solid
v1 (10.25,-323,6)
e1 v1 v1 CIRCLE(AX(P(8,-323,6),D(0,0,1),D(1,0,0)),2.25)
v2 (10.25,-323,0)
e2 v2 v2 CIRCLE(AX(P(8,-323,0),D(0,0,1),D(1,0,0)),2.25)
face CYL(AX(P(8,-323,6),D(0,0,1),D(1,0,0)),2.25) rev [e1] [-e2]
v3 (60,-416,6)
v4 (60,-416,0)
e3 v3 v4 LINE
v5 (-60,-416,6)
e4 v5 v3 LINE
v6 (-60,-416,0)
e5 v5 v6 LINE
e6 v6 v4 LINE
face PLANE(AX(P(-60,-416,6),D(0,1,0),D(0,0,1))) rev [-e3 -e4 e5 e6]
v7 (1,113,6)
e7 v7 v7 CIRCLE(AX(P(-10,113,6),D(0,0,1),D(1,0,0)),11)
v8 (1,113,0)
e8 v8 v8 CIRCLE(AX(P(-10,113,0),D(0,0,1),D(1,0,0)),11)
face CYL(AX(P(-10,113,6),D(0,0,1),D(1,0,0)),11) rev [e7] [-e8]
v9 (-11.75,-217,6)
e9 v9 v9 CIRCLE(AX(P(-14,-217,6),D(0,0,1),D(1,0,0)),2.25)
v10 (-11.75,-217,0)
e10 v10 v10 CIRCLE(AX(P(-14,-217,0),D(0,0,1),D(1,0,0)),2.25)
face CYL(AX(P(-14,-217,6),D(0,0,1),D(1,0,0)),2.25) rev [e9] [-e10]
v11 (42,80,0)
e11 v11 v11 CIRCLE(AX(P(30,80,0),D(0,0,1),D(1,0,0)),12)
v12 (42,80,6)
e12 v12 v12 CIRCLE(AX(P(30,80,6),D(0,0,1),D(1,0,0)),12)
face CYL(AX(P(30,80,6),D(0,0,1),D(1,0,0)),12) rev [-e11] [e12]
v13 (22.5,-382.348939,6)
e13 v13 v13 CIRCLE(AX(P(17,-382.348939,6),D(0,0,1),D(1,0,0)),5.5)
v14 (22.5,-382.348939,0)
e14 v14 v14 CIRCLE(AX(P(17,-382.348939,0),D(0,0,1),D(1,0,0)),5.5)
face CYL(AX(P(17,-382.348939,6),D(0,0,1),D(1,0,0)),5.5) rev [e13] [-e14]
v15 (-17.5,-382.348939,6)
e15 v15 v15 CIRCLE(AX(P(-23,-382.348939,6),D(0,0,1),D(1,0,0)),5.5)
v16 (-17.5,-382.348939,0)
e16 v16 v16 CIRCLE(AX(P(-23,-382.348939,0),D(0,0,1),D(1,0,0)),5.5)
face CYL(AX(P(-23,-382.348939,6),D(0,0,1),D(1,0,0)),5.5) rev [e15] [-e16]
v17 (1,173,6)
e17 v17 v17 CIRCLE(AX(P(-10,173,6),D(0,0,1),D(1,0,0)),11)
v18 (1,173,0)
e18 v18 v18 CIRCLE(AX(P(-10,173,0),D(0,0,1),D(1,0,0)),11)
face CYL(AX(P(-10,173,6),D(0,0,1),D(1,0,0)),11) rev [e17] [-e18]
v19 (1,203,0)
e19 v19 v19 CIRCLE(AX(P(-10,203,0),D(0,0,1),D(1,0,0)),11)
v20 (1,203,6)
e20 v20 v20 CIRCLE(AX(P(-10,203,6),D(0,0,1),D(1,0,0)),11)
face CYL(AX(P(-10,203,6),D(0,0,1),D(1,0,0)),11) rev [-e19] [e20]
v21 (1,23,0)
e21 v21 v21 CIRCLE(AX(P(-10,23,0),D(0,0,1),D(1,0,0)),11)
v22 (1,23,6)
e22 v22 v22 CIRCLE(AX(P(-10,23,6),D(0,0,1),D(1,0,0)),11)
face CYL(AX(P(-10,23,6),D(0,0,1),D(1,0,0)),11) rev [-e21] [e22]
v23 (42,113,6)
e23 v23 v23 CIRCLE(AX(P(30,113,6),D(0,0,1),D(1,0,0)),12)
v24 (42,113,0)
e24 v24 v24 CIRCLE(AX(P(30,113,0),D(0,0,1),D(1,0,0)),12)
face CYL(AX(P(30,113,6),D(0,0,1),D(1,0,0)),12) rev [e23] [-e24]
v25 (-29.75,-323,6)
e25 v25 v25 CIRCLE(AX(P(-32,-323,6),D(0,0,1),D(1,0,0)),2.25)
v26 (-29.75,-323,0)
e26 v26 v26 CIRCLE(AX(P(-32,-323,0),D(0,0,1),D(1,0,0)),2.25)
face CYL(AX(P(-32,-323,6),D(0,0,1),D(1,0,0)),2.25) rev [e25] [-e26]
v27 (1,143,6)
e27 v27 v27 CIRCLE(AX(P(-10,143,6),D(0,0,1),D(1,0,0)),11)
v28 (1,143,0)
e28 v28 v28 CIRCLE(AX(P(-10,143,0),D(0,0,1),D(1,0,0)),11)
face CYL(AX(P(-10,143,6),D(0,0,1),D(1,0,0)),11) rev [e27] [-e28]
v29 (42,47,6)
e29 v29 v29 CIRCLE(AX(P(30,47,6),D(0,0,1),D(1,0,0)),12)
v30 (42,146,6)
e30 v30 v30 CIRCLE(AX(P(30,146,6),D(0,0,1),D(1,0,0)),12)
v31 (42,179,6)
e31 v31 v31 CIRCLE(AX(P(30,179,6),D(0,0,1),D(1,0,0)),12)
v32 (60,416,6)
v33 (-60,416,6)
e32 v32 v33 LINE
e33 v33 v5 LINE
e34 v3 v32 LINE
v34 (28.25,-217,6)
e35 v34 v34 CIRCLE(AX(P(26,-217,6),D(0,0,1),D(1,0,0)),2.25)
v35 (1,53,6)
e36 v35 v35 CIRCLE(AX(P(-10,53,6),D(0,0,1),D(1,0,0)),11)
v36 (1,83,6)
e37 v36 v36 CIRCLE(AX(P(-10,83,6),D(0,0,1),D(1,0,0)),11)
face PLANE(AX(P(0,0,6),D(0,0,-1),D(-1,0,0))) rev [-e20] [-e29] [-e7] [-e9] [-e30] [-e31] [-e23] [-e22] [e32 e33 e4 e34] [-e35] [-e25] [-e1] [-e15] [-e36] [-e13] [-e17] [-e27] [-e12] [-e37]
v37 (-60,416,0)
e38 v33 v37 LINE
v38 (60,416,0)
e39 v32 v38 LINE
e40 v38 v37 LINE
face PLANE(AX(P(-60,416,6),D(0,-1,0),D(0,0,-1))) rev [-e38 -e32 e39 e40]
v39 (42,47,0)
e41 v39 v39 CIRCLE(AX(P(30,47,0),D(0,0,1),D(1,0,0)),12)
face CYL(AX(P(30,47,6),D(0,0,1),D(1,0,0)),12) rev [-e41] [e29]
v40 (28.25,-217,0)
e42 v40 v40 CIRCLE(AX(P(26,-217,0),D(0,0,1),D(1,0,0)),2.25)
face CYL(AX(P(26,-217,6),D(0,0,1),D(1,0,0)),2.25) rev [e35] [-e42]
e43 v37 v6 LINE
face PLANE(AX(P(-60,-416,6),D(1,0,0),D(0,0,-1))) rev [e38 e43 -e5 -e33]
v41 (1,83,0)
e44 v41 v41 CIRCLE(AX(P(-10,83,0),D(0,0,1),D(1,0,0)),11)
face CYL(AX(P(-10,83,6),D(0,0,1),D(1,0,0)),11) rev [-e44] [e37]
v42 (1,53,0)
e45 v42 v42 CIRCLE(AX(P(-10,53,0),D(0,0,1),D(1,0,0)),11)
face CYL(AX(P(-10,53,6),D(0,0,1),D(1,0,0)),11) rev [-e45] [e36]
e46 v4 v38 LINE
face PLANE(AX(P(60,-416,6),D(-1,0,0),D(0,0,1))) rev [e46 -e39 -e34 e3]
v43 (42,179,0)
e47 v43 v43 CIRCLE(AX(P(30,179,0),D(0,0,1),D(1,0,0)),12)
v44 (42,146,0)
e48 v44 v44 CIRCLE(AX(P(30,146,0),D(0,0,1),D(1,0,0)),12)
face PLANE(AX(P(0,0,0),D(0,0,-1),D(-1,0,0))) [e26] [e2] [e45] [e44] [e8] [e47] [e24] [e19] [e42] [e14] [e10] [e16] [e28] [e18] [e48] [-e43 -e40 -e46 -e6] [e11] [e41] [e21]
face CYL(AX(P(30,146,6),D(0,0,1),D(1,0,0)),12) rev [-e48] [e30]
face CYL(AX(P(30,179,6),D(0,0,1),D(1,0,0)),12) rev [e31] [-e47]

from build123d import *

# Parameters (mm, degrees)
ESQUISSE1_W           = 120
ESQUISSE1_H           = 832
BOSS_EXTRU_1_DEPTH    = 6
M10_CLEARANCE_HOLE1_D = 11
M4_CLEARANCE_HOLE1_D  = 4.5
SKETCH5_R             = 3
CUT_EXTRUDE1_DEPTH    = 10
M20_CLEARANCE_HOLE1_D = 22
M22_CLEARANCE_HOLE1_D = 24
LPATTERN1_COUNT       = 4
LPATTERN1_PITCH       = 30
LPATTERN2_COUNT       = 3
LPATTERN2_PITCH       = 33
LPATTERN3_COUNT       = 3
LPATTERN3_PITCH       = 33
LPATTERN4_COUNT       = 4
LPATTERN4_PITCH       = 30


with BuildPart() as part:
    # Esquisse1 → Boss.-Extru.1 (new body)
    with BuildSketch(Plane.XY):
        Rectangle(ESQUISSE1_W, ESQUISSE1_H)
    extrude(amount=BOSS_EXTRU_1_DEPTH)

    # M10 Clearance Hole1 (through all)
    with Locations(Plane.XY.offset(6)):
        with Locations((17, -382.348938989), (-23, -382.348938989)):
            Hole(M10_CLEARANCE_HOLE1_D / 2)

    # M4 Clearance Hole1 (through all)
    with Locations(Plane.XY.offset(6)):
        with Locations((26, -217), (8, -323), (-32, -323), (-14, -217)):
            Hole(M4_CLEARANCE_HOLE1_D / 2)

    # Sketch5 → Cut-Extrude1 (cut)
    with BuildSketch(Plane.XY.offset(6)):
        with Locations((30, 113)):
            Circle(SKETCH5_R)
        with Locations((-10, 113)):
            Circle(SKETCH5_R)
    extrude(amount=-CUT_EXTRUDE1_DEPTH, mode=Mode.SUBTRACT)

    # M20 Clearance Hole1 (through all)
    with Locations(Plane.XY.offset(6)):
        with Locations((-10, 113)):
            m20_clearance_hole1 = Hole(M20_CLEARANCE_HOLE1_D / 2)

    # M22 Clearance Hole1 (through all)
    with Locations(Plane.XY.offset(6)):
        with Locations((30, 113)):
            m22_clearance_hole1 = Hole(M22_CLEARANCE_HOLE1_D / 2)

    # LPattern1: M20 Clearance Hole1 ×4
    with Locations(*[(0, i * LPATTERN1_PITCH, 0) for i in range(1, LPATTERN1_COUNT)]):
        add(m20_clearance_hole1, mode=Mode.SUBTRACT)

    # LPattern2: M22 Clearance Hole1 ×3
    with Locations(*[(0, i * LPATTERN2_PITCH, 0) for i in range(1, LPATTERN2_COUNT)]):
        add(m22_clearance_hole1, mode=Mode.SUBTRACT)

    # LPattern3: M22 Clearance Hole1 ×3
    with Locations(*[(0, -i * LPATTERN3_PITCH, 0) for i in range(1, LPATTERN3_COUNT)]):
        add(m22_clearance_hole1, mode=Mode.SUBTRACT)

    # LPattern4: M20 Clearance Hole1 ×4
    with Locations(*[(0, -i * LPATTERN4_PITCH, 0) for i in range(1, LPATTERN4_COUNT)]):
        add(m20_clearance_hole1, mode=Mode.SUBTRACT)


solid = part.part
